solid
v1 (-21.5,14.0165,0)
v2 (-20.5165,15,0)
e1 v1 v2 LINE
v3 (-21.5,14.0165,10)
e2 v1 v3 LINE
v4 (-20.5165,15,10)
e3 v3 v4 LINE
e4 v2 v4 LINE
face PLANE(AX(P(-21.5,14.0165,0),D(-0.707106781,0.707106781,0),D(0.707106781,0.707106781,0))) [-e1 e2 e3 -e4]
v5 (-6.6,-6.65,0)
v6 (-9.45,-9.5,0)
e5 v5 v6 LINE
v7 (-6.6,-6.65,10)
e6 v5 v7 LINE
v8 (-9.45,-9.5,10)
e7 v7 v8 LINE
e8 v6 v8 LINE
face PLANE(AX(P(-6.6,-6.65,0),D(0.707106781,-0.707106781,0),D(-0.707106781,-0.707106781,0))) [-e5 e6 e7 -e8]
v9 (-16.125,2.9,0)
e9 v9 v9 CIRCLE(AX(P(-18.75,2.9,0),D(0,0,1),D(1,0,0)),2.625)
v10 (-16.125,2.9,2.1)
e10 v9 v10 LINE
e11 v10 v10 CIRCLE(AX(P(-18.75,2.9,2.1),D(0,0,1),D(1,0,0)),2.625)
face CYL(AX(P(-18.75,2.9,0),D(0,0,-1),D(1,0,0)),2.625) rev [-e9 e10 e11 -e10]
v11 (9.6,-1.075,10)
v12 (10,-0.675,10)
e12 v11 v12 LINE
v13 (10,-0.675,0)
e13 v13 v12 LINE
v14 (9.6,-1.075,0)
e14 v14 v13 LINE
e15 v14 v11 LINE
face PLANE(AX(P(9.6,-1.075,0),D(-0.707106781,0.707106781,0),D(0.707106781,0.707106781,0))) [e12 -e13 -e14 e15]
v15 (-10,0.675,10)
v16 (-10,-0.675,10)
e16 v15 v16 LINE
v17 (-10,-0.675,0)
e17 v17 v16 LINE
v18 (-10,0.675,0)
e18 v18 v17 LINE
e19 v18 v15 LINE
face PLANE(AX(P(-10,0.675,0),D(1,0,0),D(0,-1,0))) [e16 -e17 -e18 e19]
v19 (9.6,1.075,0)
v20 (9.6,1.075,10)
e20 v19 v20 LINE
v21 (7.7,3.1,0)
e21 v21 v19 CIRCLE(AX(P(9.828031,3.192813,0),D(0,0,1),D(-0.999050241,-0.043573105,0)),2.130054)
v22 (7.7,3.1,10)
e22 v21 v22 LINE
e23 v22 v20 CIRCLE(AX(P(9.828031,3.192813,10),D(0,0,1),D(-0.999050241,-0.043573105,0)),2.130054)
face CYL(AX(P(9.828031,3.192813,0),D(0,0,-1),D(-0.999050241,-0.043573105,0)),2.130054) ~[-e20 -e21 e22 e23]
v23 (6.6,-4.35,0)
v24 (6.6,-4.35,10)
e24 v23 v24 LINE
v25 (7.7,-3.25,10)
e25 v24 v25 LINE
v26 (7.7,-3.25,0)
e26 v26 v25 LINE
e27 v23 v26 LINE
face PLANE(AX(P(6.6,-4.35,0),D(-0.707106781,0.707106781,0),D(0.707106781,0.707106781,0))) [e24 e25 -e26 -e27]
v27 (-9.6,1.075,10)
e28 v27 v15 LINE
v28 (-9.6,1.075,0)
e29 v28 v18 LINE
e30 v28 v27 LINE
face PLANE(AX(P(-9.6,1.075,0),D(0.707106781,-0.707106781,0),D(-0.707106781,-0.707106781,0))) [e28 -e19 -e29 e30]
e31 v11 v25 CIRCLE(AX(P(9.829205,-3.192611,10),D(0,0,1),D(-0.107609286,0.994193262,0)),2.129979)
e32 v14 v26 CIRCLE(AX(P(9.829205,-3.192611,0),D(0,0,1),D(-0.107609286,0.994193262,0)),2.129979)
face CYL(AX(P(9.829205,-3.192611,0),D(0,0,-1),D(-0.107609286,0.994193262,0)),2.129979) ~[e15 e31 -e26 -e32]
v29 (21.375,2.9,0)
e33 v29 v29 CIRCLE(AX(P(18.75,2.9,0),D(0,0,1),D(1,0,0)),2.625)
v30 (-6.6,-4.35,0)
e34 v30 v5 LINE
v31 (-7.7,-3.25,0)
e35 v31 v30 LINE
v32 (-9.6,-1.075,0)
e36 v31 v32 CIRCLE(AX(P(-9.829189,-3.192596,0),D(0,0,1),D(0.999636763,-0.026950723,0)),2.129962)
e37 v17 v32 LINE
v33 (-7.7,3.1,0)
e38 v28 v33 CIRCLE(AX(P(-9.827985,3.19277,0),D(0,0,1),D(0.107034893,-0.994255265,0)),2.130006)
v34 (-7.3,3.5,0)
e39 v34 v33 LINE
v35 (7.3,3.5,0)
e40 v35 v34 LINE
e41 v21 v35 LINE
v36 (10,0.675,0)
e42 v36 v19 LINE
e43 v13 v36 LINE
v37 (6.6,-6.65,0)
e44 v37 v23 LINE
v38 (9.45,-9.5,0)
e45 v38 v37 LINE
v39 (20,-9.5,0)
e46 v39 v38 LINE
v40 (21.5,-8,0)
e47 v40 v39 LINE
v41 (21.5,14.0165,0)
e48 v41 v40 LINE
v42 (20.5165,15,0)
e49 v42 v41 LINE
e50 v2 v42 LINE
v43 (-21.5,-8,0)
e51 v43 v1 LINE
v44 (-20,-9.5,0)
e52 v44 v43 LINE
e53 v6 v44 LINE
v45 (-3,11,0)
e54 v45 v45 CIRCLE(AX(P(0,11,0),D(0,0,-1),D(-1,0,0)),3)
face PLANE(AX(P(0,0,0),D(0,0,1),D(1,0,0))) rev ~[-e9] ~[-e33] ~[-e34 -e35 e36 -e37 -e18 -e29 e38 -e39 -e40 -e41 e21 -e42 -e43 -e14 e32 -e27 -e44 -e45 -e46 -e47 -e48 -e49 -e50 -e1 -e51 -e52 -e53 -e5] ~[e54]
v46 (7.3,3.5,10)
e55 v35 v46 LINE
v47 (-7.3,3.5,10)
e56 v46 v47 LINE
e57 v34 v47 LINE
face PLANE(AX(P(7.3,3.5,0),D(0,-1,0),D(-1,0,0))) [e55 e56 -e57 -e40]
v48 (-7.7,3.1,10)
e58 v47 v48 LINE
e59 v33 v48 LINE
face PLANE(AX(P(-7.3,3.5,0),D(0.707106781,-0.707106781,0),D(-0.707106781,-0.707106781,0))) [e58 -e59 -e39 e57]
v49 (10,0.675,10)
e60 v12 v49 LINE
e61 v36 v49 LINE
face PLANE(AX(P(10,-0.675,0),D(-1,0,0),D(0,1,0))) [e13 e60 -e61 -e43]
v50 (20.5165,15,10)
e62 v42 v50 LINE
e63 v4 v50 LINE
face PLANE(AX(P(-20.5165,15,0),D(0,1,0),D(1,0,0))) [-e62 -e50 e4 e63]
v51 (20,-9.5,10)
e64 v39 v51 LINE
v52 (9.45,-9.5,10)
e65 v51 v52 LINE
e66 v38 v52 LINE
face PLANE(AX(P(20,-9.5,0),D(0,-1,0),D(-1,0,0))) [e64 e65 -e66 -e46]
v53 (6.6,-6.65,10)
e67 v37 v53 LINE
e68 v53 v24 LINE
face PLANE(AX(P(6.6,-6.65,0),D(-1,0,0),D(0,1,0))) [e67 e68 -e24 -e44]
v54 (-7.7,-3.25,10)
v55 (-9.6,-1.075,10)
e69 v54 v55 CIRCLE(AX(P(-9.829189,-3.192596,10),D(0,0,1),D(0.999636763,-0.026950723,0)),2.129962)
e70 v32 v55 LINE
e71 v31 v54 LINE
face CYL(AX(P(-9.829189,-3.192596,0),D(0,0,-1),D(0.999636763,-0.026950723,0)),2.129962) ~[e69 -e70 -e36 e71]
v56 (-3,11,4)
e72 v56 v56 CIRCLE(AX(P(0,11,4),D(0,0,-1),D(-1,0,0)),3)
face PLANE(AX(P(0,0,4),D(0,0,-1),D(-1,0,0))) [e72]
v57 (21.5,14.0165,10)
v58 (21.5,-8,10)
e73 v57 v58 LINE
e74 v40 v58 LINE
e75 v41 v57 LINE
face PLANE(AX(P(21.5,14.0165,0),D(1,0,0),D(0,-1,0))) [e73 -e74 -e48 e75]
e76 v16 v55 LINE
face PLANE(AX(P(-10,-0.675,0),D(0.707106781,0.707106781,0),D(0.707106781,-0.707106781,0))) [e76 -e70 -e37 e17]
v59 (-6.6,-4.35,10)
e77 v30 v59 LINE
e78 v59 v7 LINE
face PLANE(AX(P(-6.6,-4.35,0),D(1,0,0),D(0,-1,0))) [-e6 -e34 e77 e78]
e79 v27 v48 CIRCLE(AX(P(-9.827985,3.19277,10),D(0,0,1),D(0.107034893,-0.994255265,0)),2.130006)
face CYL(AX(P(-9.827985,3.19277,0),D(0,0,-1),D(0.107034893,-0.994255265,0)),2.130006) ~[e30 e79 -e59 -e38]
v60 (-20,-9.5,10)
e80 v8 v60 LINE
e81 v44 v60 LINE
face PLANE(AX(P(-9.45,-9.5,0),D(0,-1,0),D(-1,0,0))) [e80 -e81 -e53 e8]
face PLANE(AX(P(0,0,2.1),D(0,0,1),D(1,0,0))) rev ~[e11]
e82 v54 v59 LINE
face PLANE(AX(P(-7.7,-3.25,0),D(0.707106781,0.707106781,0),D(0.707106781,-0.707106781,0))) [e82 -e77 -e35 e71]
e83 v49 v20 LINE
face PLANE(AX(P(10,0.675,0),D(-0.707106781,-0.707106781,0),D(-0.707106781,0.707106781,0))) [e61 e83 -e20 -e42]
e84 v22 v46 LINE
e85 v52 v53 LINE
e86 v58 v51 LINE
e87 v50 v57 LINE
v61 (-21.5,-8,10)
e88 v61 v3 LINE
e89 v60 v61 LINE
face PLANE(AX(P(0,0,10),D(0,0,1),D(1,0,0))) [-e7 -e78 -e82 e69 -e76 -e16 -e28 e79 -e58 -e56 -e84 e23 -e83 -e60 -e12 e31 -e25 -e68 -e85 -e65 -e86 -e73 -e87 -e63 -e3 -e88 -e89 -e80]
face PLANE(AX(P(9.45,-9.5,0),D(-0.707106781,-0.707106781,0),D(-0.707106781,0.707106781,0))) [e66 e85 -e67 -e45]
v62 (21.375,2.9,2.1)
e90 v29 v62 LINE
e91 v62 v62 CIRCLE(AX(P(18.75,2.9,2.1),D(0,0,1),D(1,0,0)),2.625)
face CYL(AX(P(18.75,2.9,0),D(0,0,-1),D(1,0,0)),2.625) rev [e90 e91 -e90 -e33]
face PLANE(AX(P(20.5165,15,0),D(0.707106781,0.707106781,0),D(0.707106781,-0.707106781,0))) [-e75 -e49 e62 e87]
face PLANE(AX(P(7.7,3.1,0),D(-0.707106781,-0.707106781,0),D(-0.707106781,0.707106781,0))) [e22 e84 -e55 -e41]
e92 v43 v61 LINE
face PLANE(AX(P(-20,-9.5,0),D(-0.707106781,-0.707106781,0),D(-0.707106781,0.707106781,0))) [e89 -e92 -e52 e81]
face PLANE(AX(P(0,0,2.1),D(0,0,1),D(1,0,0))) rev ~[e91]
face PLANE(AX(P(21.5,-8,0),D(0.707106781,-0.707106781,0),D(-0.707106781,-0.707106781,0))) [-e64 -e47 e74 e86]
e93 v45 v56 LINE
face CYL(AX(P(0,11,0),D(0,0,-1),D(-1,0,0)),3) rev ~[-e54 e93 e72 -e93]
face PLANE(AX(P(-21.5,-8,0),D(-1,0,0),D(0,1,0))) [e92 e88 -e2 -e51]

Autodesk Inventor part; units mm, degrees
ref_plane "YZ Plane" through (0, 0, 0) normal (1, 0, 0) x (0, 1, 0)
ref_plane "XZ Plane" through (0, 0, 0) normal (0, 1, 0) x (-1, 0, 0)
ref_plane "XY Plane" through (0, 0, 0) normal (0, 0, 1) x (1, 0, 0)
sketch "Sketch1" plane through (0, 0, 0) normal (0, 0, 1) x (1, 0, 0)
  line L0 (20.5165, 15) -> (21.5, 14.0165)
  line L1 (-20.5165, 15) -> (20.5165, 15)
  line L2 (-21.5, 14.0165) -> (-20.5165, 15)
  line L3 (-21.5, -8) -> (-21.5, 14.0165)
  line L4 (-20, -9.5) -> (-21.5, -8)
  line L5 (-9.45, -9.5) -> (-20, -9.5)
  line L6 (-6.6, -6.65) -> (-9.45, -9.5)
  line L7 (-6.6, -4.35) -> (-6.6, -6.65)
  line L8 (-7.7, -3.25) -> (-6.6, -4.35)
  arc A0 (-7.7, -3.25) -> (-9.6, -1.075) centre (-9.8292, -3.1926) ccw
  line L9 (-10, -0.675) -> (-9.6, -1.075)
  line L10 (-10, 0.675) -> (-10, -0.675)
  line L11 (-9.6, 1.075) -> (-10, 0.675)
  arc A1 (-9.6, 1.075) -> (-7.7, 3.1) centre (-9.828, 3.1928) ccw
  line L12 (-7.3, 3.5) -> (-7.7, 3.1)
  line L13 (7.3, 3.5) -> (-7.3, 3.5)
  line L14 (7.7, 3.1) -> (7.3, 3.5)
  arc A2 (7.7, 3.1) -> (9.6, 1.075) centre (9.828, 3.1928) ccw
  line L15 (10, 0.675) -> (9.6, 1.075)
  line L16 (10, -0.675) -> (10, 0.675)
  line L17 (9.6, -1.075) -> (10, -0.675)
  arc A3 (9.6, -1.075) -> (7.7, -3.25) centre (9.8292, -3.1926) ccw
  line L18 (6.6, -4.35) -> (7.7, -3.25)
  line L19 (6.6, -6.65) -> (6.6, -4.35)
  line L20 (9.45, -9.5) -> (6.6, -6.65)
  line L21 (20, -9.5) -> (9.45, -9.5)
  line L22 (21.5, -8) -> (20, -9.5)
  line L23 (21.5, 14.0165) -> (21.5, -8)
  circle A4 centre (-18.75, 2.9) radius 2.625
  circle A5 centre (18.75, 2.9) radius 2.625
  point P0 (0, 0)
  point P1 (0, 0)
extrude "Extrusion1" add sketch "Sketch1" along normal blind 10 contours L0 L23 L22 L21 L20 L19 L18 A3 L17 L16 L15 A2 L14 L13 L12 A1 L11 L10 L9 A0 L8 L7 L6 L5 L4 L3 L2 L1 | A4 | A5
extrude "Extrusion2" cut sketch "Sketch1" along normal blind 2.1 contours A4 | A5
sketch "Sketch2" plane through (0, 0, 0) normal (0, 0, -1) x (-1, 0, 0)
  circle A0 centre (18.75, 2.9) radius 2.625 projected
  circle A1 centre (-18.75, 2.9) radius 2.625 projected
  line L0 (-7.7, -3.25) -> (-6.6, -4.35) projected
  arc A2 (-7.7, -3.25) -> (-9.6, -1.075) centre (-9.8292, -3.1926) ccw projected
  line L1 (-10, -0.675) -> (-9.6, -1.075) projected
  line L2 (-10, 0.675) -> (-10, -0.675) projected
  line L3 (-9.6, 1.075) -> (-10, 0.675) projected
  arc A3 (-9.6, 1.075) -> (-7.7, 3.1) centre (-9.828, 3.1928) ccw projected
  line L4 (-7.3, 3.5) -> (-7.7, 3.1) projected
  line L5 (7.3, 3.5) -> (-7.3, 3.5) projected
  line L6 (7.7, 3.1) -> (7.3, 3.5) projected
  arc A4 (7.7, 3.1) -> (9.6, 1.075) centre (9.828, 3.1928) ccw projected
  line L7 (10, 0.675) -> (9.6, 1.075) projected
  line L8 (10, -0.675) -> (10, 0.675) projected
  line L9 (9.6, -1.075) -> (10, -0.675) projected
  arc A5 (9.6, -1.075) -> (7.7, -3.25) centre (9.8292, -3.1926) ccw projected
  line L10 (6.6, -4.35) -> (7.7, -3.25) projected
  line L11 (6.6, -6.65) -> (6.6, -4.35) projected
  line L12 (9.45, -9.5) -> (6.6, -6.65) projected
  line L13 (20, -9.5) -> (9.45, -9.5) projected
  line L14 (21.5, -8) -> (20, -9.5) projected
  line L15 (21.5, 14.0165) -> (21.5, -8) projected
  line L16 (20.5165, 15) -> (21.5, 14.0165) projected
  line L17 (-20.5165, 15) -> (20.5165, 15) projected
  line L18 (-21.5, 14.0165) -> (-20.5165, 15) projected
  line L19 (-21.5, -8) -> (-21.5, 14.0165) projected
  line L20 (-20, -9.5) -> (-21.5, -8) projected
  line L21 (-9.45, -9.5) -> (-20, -9.5) projected
  line L22 (-6.6, -6.65) -> (-9.45, -9.5) projected
  line L23 (-6.6, -4.35) -> (-6.6, -6.65) projected
  circle A6 centre (0, 11) radius 3
  point P0 (0, 0)
  point P1 (0, 0)
extrude "Extrusion3" cut sketch "Sketch2" against normal blind 4 contours A6
properties part number "HGR20C"
